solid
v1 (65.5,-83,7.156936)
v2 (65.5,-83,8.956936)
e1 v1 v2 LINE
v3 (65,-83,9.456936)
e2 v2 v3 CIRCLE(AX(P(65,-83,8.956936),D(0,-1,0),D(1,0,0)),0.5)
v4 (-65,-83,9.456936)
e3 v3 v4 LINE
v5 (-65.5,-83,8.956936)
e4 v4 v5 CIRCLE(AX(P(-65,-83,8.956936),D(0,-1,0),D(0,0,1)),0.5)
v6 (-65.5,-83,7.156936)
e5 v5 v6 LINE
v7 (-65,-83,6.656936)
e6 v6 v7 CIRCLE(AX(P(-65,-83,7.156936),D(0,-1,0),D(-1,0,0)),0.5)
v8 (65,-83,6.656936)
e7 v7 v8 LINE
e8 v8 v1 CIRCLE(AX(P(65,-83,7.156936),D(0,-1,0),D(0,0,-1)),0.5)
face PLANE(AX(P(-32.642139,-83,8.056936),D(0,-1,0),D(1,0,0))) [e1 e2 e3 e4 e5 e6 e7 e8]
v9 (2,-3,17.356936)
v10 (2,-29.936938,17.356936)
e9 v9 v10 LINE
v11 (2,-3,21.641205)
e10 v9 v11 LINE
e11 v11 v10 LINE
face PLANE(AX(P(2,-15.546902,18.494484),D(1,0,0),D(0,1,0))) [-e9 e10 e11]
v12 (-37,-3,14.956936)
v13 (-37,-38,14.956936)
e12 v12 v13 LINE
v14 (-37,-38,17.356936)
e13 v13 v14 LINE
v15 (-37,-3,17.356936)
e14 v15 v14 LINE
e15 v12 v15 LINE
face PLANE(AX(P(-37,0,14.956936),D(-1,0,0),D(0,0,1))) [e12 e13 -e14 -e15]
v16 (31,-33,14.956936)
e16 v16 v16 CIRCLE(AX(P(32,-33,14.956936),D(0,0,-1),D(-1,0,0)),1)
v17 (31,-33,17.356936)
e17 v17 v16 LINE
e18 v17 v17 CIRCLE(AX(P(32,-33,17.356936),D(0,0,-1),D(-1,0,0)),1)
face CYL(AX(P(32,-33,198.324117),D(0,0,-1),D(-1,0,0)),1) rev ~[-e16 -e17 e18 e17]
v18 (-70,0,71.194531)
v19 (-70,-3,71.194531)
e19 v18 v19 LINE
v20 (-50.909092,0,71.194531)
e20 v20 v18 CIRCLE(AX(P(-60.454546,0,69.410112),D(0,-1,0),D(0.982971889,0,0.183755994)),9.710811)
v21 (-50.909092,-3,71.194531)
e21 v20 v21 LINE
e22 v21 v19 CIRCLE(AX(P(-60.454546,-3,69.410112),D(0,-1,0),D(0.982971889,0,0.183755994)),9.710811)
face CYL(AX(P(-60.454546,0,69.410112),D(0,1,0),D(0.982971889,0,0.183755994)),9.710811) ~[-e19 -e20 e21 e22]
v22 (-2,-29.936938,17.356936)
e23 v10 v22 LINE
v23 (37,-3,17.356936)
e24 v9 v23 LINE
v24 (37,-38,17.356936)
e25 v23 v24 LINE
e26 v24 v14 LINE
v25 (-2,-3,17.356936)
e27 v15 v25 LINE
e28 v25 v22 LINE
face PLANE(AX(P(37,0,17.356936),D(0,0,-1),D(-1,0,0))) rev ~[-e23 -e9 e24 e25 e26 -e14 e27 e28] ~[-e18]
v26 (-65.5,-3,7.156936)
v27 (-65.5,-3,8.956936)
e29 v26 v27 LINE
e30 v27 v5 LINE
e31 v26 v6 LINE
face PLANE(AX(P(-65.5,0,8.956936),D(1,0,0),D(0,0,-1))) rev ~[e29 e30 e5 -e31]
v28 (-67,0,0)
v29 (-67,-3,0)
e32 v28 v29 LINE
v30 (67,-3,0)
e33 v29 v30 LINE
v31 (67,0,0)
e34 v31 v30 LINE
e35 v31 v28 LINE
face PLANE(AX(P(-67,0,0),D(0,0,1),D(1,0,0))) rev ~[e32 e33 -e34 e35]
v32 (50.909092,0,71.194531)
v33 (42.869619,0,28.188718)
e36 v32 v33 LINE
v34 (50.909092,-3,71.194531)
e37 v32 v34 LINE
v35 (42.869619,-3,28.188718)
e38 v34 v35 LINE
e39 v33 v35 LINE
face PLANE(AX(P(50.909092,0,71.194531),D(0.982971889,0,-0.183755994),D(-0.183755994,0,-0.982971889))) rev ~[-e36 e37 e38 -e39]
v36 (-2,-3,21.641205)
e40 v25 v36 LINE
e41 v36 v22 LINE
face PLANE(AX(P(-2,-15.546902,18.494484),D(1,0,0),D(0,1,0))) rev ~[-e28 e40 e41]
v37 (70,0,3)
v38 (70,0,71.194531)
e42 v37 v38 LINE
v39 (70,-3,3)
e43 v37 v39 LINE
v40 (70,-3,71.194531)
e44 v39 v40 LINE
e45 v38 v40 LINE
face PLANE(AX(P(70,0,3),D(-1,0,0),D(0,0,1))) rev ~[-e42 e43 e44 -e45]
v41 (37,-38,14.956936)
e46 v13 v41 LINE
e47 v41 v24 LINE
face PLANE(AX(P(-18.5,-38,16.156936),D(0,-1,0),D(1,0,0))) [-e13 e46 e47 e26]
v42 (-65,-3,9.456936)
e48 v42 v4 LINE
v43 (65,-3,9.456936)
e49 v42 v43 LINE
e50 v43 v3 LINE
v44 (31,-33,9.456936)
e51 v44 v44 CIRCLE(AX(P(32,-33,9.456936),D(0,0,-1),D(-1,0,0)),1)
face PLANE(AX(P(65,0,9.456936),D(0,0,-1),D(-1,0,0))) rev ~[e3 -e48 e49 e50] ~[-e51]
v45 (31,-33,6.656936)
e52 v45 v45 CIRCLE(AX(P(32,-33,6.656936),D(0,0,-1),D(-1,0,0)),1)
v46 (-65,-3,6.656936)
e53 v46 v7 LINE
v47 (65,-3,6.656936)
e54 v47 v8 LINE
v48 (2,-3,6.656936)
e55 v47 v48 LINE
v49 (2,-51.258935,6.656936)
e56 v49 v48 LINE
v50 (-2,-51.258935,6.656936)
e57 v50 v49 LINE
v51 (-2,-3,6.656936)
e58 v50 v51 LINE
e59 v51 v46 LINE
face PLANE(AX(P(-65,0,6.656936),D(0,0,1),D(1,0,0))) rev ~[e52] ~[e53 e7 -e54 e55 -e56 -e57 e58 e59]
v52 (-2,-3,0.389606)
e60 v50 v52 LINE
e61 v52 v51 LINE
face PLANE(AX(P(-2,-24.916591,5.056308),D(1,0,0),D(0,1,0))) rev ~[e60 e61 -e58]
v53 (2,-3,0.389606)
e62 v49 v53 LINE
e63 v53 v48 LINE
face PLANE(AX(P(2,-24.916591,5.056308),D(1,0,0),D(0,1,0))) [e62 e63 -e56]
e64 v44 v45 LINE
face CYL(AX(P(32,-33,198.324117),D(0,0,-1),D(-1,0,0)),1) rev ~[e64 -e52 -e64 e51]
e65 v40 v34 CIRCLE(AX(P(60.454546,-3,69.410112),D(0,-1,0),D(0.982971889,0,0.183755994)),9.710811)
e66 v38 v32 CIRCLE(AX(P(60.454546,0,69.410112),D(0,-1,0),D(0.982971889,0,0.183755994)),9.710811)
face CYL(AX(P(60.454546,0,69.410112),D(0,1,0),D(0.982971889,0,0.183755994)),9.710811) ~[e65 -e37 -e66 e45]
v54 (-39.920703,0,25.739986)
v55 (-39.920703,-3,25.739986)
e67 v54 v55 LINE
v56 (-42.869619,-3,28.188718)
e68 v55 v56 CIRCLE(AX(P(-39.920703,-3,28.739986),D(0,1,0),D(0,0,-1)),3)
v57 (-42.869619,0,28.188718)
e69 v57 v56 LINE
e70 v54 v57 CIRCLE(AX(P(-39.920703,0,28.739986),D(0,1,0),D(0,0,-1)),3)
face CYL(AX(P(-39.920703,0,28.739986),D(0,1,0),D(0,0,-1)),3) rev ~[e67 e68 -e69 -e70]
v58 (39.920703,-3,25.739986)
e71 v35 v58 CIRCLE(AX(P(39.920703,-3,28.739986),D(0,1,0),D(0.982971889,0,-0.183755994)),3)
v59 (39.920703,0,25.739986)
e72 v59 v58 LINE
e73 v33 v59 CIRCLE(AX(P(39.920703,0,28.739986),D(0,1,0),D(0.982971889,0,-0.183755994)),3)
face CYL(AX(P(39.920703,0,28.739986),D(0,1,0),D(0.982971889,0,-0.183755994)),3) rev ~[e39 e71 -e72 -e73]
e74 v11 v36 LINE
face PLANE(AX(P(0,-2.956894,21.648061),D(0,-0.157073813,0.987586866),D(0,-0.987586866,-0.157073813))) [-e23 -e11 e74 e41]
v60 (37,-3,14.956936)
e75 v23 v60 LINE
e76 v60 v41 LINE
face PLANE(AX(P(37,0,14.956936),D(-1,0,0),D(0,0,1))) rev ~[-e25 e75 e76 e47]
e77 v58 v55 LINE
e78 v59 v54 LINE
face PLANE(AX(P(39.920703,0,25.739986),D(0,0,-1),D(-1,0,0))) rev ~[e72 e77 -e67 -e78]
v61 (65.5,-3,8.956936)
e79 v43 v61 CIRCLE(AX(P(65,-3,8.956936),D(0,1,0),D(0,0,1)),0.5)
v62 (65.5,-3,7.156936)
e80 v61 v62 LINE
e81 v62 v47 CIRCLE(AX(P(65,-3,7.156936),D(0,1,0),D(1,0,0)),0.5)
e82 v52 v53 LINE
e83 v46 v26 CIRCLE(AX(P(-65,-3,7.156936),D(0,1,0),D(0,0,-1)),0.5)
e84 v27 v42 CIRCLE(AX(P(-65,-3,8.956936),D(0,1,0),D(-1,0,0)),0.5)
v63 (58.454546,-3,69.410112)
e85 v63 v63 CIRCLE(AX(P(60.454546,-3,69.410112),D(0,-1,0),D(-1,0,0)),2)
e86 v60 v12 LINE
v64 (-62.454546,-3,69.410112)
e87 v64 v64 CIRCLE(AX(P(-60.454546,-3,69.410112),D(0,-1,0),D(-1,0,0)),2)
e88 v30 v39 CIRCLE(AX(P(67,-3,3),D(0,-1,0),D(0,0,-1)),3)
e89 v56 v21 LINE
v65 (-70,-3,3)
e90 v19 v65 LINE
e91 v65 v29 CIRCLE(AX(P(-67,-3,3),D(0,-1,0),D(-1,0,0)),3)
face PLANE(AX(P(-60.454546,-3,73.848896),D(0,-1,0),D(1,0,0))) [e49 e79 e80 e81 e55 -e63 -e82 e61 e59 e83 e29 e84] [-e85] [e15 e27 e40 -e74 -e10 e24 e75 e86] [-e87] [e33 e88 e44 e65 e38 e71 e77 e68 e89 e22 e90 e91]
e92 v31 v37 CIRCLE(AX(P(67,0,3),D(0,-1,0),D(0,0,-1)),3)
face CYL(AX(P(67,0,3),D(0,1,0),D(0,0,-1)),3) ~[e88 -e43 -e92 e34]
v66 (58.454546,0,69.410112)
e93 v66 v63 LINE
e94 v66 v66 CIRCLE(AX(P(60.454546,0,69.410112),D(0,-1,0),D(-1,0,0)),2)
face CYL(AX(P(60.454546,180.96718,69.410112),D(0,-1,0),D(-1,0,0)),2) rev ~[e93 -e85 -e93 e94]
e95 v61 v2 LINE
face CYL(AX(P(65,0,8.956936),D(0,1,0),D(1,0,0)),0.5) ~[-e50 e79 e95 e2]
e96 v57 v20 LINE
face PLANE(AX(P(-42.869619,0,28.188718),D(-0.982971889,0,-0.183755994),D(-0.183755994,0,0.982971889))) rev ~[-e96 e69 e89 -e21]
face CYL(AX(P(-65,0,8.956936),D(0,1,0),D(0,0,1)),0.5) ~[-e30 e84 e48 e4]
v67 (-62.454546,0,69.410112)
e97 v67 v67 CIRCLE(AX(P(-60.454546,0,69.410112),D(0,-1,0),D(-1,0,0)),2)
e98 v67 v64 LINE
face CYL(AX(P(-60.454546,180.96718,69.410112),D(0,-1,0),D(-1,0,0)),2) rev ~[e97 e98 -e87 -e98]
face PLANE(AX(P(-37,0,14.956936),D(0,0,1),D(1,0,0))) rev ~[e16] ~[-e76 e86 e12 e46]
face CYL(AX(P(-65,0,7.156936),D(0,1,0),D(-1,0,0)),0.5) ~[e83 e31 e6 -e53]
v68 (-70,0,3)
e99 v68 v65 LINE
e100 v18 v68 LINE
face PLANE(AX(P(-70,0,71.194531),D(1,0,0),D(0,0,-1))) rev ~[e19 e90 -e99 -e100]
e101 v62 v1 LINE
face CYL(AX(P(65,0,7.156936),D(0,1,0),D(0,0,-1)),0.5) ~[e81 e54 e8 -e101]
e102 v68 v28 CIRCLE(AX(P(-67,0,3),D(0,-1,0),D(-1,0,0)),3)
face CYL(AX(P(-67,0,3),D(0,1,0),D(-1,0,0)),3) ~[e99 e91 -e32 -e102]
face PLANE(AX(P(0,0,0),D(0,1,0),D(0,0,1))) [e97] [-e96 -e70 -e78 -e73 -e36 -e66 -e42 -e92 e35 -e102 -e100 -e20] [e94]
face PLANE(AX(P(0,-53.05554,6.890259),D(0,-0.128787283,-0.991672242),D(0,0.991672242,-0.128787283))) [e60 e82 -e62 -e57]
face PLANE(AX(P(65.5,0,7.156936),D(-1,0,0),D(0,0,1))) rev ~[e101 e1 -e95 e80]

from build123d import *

# Parameters (mm, degrees)
F1_DEPTH = 83
F0_W     = 37
F0_H     = 2.4
F2_DEPTH = 38
F3_DEPTH = 3
F4_D     = 4
F5_D     = 4
F7_DEPTH = 2
F8_DEPTH = 2
F10_D    = 2


with BuildPart() as f1:
    # F0 (on Front) → F1 (new body)
    with BuildSketch(Plane.XZ):
        with BuildLine():
            Line((-65, 6.656936314), (0, 6.656936314))
            Line((0, 6.656936314), (0, 9.456936314))
            Line((0, 9.456936314), (-65, 9.456936314))
            ThreePointArc((-65, 9.456936314), (-65.3535533906, 9.3104897046), (-65.5, 8.956936314))
            Line((-65.5, 8.956936314), (-65.5, 7.156936314))
            ThreePointArc((-65.5, 7.156936314), (-65.3535533906, 6.8033829234), (-65, 6.656936314))
        make_face()
        with BuildLine():
            Line((0, 9.456936314), (0, 6.656936314))
            Line((0, 6.656936314), (65, 6.656936314))
            ThreePointArc((65, 6.656936314), (65.3535533906, 6.8033829234), (65.5, 7.156936314))
            Line((65.5, 7.156936314), (65.5, 8.956936314))
            ThreePointArc((65.5, 8.956936314), (65.3535533906, 9.3104897046), (65, 9.456936314))
            Line((65, 9.456936314), (0, 9.456936314))
        make_face()
    extrude(amount=F1_DEPTH)



with BuildPart() as f2:
    # F0 (on Front) → F2 (new body)
    with BuildSketch(Plane.XZ):
        with Locations((-18.5, 16.156936314)):
            Rectangle(F0_W, F0_H)
        with Locations((18.5, 16.156936314)):
            Rectangle(F0_W, F0_H)
    extrude(amount=F2_DEPTH)


with BuildPart() as f1_1:
    add(f1.part)

    add(f2.part)  # F3 merges F2
    # F0 (on Front) → F3 (join)
    with BuildSketch(Plane.XZ):
        with BuildLine():
            ThreePointArc((-50.9090917143, 71.1945314942), (-60.4545458571, 79.1209226904), (-70, 71.1945314942))
            Line((-70, 71.1945314942), (-50.9090917143, 71.1945314942))
        make_face()
        with BuildLine():
            Line((50.9090917143, 71.1945314942), (70, 71.1945314942))
            ThreePointArc((70, 71.1945314942), (60.4545458571, 79.1209226904), (50.9090917143, 71.1945314942))
        make_face()
        with BuildLine():
            Line((0, 6.656936314), (0, 0))
            Line((0, 0), (67, 0))
            ThreePointArc((67, 0), (69.1213203436, 0.8786796564), (70, 3))
            Line((70, 3), (70, 71.1945314942))
            Line((70, 71.1945314942), (50.9090917143, 71.1945314942))
            Line((50.9090917143, 71.1945314942), (42.8696187161, 28.1887182873))
            ThreePointArc((42.8696187161, 28.1887182873), (41.8372358629, 26.4319780432), (39.9207030491, 25.7399862697))
            Line((39.9207030491, 25.7399862697), (0, 25.7399862697))
            Line((0, 25.7399862697), (0, 17.356936314))
            Line((0, 17.356936314), (37, 17.356936314))
            Line((37, 17.356936314), (37, 14.956936314))
            Line((37, 14.956936314), (0, 14.956936314))
            Line((0, 14.956936314), (0, 9.456936314))
            Line((0, 9.456936314), (65, 9.456936314))
            ThreePointArc((65, 9.456936314), (65.3535533906, 9.3104897046), (65.5, 8.956936314))
            Line((65.5, 8.956936314), (65.5, 7.156936314))
            ThreePointArc((65.5, 7.156936314), (65.3535533906, 6.8033829234), (65, 6.656936314))
            Line((65, 6.656936314), (0, 6.656936314))
        make_face()
        with BuildLine():
            Line((-70, 71.1945314942), (-70, 3))
            ThreePointArc((-70, 3), (-69.1213203436, 0.8786796564), (-67, 0))
            Line((-67, 0), (0, 0))
            Line((0, 0), (0, 6.656936314))
            Line((0, 6.656936314), (-65, 6.656936314))
            ThreePointArc((-65, 6.656936314), (-65.3535533906, 6.8033829234), (-65.5, 7.156936314))
            Line((-65.5, 7.156936314), (-65.5, 8.956936314))
            ThreePointArc((-65.5, 8.956936314), (-65.3535533906, 9.3104897046), (-65, 9.456936314))
            Line((-65, 9.456936314), (0, 9.456936314))
            Line((0, 9.456936314), (0, 14.956936314))
            Line((0, 14.956936314), (-37, 14.956936314))
            Line((-37, 14.956936314), (-37, 17.356936314))
            Line((-37, 17.356936314), (0, 17.356936314))
            Line((0, 17.356936314), (0, 25.7399862697))
            Line((0, 25.7399862697), (-39.9207030491, 25.7399862697))
            ThreePointArc((-39.9207030491, 25.7399862697), (-41.8372358629, 26.4319780432), (-42.8696187161, 28.1887182873))
            Line((-42.8696187161, 28.1887182873), (-50.9090917143, 71.1945314942))
            Line((-50.9090917143, 71.1945314942), (-70, 71.1945314942))
        make_face()
    extrude(amount=F3_DEPTH)

    # F4 (through all)
    with Locations(Plane(origin=(0, 0, 0), x_dir=(1, 0, 0), z_dir=(0, 1, 0))):
        with Locations((-60.4545458571, -69.4101117817)):
            Hole(F4_D / 2)

    # F5 (through all)
    with Locations(Plane(origin=(0, 0, 0), x_dir=(1, 0, 0), z_dir=(0, 1, 0))):
        with Locations((60.4545458571, -69.4101117817)):
            Hole(F5_D / 2)

    # F6 (on Right) → F7 (join, symmetric)
    with BuildSketch(Plane.YZ):
        Polygon((-53.0555397272, 6.8902592175), (0, 0), (0, 6.8902592175), align=None)
    extrude(amount=F7_DEPTH, both=True)

    # F6 (on Right) → F8 (join, symmetric)
    with BuildSketch(Plane.YZ):
        Polygon((-30.1237229723, 17.327228561), (-2.9568942264, 17.3339545727), (-2.9568942264, 21.6480610112), align=None)
    extrude(amount=F8_DEPTH, both=True)

    # F10 (through all)
    with Locations(Plane.XY.offset(17.356936314)):
        with Locations((32, -33)):
            Hole(F10_D / 2)


solid = f1_1.part
